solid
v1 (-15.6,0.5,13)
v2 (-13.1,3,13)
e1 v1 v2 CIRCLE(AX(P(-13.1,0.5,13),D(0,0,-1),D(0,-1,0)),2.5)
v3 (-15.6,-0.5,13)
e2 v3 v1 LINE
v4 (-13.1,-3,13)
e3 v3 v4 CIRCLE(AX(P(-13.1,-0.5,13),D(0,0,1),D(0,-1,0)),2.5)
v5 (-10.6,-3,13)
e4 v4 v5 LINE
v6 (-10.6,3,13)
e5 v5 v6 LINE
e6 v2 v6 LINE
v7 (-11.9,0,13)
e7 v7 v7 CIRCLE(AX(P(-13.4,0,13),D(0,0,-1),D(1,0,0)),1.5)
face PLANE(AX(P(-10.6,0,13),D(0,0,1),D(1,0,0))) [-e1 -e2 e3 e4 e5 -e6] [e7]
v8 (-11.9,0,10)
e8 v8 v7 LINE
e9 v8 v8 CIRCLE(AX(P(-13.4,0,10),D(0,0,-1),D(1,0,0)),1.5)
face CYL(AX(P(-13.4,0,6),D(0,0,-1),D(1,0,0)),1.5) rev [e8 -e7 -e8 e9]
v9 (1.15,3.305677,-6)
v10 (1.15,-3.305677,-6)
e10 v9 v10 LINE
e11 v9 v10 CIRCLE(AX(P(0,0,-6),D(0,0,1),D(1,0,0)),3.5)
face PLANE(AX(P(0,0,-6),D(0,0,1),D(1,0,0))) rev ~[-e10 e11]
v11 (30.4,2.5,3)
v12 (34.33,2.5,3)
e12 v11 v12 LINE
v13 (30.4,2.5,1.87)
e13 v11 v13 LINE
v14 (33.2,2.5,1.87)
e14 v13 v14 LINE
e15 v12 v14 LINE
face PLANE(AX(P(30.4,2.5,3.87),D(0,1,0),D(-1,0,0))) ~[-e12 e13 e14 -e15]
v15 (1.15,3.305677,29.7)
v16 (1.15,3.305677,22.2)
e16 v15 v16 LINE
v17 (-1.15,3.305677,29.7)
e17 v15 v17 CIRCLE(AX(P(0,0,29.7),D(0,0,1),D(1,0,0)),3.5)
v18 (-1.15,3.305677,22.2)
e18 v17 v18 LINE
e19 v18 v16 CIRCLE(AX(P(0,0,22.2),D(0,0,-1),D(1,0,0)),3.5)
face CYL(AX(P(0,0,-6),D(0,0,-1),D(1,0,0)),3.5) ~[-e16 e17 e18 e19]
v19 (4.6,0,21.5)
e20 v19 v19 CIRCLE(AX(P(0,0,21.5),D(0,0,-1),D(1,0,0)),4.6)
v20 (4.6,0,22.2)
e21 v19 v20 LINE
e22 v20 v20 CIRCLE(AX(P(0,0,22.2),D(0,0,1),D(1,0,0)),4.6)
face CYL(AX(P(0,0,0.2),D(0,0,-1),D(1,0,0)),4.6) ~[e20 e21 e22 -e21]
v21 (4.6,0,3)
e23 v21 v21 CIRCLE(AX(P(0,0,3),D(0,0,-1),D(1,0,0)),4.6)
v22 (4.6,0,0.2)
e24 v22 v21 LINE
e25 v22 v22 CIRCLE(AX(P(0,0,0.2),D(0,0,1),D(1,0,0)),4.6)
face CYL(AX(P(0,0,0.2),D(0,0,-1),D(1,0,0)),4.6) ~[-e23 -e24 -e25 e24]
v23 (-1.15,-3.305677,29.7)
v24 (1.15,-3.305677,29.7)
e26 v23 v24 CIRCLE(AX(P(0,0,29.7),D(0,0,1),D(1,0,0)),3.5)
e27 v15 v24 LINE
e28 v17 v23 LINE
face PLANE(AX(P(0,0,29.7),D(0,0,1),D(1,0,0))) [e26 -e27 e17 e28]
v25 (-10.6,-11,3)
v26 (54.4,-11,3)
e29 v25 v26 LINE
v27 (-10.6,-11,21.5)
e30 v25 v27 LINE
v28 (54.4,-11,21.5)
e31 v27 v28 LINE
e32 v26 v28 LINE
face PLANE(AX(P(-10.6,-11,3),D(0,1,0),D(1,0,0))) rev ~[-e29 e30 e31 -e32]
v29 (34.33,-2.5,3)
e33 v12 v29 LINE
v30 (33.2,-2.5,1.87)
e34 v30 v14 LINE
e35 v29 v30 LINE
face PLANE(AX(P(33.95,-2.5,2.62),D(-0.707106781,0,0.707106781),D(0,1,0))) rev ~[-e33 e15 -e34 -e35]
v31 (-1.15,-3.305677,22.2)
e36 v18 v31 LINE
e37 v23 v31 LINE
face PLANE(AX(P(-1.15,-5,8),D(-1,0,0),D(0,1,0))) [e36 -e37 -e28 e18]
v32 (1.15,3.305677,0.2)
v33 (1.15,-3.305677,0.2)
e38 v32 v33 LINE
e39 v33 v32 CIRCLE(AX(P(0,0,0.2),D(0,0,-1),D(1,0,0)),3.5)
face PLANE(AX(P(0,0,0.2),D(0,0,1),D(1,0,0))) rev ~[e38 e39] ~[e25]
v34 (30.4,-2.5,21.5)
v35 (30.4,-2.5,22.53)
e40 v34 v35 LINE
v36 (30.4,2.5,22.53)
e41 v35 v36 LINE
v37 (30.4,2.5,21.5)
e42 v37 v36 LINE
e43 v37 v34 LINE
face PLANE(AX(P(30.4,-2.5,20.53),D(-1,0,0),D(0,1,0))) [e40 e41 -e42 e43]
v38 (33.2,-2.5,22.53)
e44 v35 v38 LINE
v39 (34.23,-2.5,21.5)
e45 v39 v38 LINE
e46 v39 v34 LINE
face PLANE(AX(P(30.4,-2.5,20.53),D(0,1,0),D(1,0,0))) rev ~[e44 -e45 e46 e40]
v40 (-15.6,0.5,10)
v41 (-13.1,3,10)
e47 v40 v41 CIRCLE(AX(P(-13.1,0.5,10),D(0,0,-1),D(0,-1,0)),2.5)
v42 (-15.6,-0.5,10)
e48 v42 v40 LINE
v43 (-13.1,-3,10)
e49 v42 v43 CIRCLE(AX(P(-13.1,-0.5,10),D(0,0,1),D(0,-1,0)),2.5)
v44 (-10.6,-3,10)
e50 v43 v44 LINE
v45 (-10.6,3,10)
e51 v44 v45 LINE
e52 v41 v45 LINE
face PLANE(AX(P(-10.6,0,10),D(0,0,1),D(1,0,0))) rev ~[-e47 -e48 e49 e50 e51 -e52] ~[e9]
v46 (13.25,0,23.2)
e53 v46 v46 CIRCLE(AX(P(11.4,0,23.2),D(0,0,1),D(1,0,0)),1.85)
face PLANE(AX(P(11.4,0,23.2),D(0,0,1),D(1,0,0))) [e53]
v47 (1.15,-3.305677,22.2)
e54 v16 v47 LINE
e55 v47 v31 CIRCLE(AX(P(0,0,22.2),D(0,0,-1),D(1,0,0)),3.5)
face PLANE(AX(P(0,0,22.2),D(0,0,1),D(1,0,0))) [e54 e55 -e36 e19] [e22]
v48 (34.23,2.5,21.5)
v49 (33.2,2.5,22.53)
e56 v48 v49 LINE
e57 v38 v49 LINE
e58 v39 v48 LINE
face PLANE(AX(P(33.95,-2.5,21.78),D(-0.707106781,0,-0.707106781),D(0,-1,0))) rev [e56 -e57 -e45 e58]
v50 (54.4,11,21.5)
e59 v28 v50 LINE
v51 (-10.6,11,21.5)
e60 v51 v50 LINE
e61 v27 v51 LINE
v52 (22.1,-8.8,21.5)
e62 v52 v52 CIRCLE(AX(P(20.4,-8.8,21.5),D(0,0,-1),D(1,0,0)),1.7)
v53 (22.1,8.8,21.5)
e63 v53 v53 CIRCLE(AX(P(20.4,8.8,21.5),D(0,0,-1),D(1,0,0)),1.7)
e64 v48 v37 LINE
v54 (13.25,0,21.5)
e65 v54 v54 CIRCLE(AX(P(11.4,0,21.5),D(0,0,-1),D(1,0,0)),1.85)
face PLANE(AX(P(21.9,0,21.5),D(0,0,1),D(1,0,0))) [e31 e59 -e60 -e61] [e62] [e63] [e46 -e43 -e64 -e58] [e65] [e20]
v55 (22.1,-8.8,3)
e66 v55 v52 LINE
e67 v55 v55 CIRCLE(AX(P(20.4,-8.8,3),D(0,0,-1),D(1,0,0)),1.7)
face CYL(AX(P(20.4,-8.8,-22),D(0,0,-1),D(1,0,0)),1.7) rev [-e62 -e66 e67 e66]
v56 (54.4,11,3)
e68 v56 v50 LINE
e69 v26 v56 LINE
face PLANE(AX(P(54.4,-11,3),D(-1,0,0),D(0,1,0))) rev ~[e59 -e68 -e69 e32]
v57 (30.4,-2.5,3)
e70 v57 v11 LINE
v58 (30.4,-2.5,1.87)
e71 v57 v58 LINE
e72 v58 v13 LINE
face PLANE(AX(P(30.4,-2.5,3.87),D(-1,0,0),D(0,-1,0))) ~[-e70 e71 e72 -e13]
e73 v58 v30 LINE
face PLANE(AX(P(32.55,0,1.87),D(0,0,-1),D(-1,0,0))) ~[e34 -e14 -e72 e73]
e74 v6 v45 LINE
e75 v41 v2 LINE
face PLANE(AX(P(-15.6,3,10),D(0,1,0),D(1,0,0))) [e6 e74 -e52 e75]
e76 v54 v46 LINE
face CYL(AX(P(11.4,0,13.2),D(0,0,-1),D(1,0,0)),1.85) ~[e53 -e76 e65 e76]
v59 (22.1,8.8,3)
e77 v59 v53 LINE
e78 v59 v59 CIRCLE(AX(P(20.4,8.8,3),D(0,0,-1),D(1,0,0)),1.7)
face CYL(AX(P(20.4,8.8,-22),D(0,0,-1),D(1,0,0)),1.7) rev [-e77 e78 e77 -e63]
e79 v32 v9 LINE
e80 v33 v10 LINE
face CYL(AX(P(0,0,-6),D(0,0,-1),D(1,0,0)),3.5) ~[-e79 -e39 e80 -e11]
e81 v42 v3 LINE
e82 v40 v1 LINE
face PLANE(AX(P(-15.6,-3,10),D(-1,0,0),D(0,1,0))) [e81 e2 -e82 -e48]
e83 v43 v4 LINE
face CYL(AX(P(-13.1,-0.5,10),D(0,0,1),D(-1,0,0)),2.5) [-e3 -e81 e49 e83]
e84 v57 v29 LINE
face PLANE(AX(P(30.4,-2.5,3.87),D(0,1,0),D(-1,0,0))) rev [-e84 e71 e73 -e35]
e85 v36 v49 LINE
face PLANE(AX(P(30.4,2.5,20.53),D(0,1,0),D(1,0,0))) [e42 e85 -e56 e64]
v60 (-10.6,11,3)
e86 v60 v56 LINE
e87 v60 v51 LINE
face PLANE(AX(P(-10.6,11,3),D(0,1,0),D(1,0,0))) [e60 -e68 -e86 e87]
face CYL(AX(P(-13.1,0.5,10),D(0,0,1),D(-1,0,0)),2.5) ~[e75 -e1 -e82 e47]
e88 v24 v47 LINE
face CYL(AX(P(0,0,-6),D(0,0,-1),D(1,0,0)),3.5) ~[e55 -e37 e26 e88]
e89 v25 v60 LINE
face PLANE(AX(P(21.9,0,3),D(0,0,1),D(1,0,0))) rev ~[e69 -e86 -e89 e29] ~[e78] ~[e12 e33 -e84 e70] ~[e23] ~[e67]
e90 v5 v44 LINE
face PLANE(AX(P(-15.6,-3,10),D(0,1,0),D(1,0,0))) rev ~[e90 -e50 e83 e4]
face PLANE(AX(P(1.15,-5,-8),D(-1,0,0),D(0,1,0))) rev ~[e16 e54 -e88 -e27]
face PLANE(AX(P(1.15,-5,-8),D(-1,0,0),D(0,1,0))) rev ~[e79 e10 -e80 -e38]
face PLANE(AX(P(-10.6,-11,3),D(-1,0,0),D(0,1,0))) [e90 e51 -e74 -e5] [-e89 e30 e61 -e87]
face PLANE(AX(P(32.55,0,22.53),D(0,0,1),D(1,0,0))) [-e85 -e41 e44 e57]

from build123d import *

# Parameters (mm, degrees)
BOX007_W          = 4.3
BOX007_H          = 5
BOX007_DEPTH      = 2
CHAMFER001_SIZE   = 1.5
BOX006_W          = 4.3
BOX006_H          = 5
BOX006_DEPTH      = 2
CHAMFER_SIZE      = 1.5
BOX003_W          = 10
BOX003_H          = 10
BOX003_DEPTH      = 40
BOX002_W          = 10
BOX002_H          = 10
BOX002_DEPTH      = 40
CYLINDER010_R     = 3.5
CYLINDER010_DEPTH = 35.7
CYLINDER008_R     = 4.6
CYLINDER008_DEPTH = 22
CYLINDER006_R     = 1.85
CYLINDER006_DEPTH = 10
CYLINDER003_R     = 1.7
CYLINDER003_DEPTH = 50
CYLINDER002_R     = 1.7
CYLINDER002_DEPTH = 50
CYLINDER_R        = 1.5
CYLINDER_DEPTH    = 10
BOX001_W          = 10
BOX001_H          = 6
BOX001_DEPTH      = 3
FILLET_R          = 2.5
FILLET001_R       = 2.5
BOX_W             = 65
BOX_H             = 22
BOX_DEPTH         = 18.5


with BuildPart() as chamfer001:
    # Box007 → Box007 (new body)
    with BuildSketch(Plane(origin=(41, -2.5, 17.53), x_dir=(1, 0, 0), z_dir=(0, 0, 1))):
        with Locations((2.15, 2.5)):
            Rectangle(BOX007_W, BOX007_H)
    extrude(amount=BOX007_DEPTH)

    # Chamfer001
    chamfer001_edges = [chamfer001.edges().sort_by_distance(p)[0] for p in [
        (45.3, 0, 19.53),
    ]]
    chamfer(chamfer001_edges, length=CHAMFER001_SIZE)


with BuildPart() as part_mirroring:
    # Part__Mirroring: instance of Chamfer001
    add(chamfer001.part.mirror(Plane(origin=(0, 0, 0), x_dir=(0, 1, 0), z_dir=(0, 0, 1))))


with BuildPart() as part_mirroring_1:
    # Part__Mirroring placement: moved
    add(part_mirroring.part.moved(Location((0, 0, 18.4))))


with BuildPart() as fusion004:
    # Box006 → Box006 (new body)
    with BuildSketch(Plane(origin=(41, -2.5, 17.53), x_dir=(1, 0, 0), z_dir=(0, 0, 1))):
        with Locations((2.15, 2.5)):
            Rectangle(BOX006_W, BOX006_H)
    extrude(amount=BOX006_DEPTH)

    # Chamfer
    chamfer_edges = [fusion004.edges().sort_by_distance(p)[0] for p in [
        (45.3, 0, 19.53),
    ]]
    chamfer(chamfer_edges, length=CHAMFER_SIZE)

    # Fusion004: union Part__Mirroring
    add(part_mirroring_1.part)


with BuildPart() as cube003:
    # Box003 → Box003 (new body)
    with BuildSketch(Plane(origin=(-0.55, -5, 5), x_dir=(1, 0, 0), z_dir=(0, 0, 1))):
        with Locations((5, 5)):
            Rectangle(BOX003_W, BOX003_H)
    extrude(amount=BOX003_DEPTH)


with BuildPart() as cube002:
    # Box002 → Box002 (new body)
    with BuildSketch(Plane(origin=(11.75, -5, -11), x_dir=(1, 0, 0), z_dir=(0, 0, 1))):
        with Locations((5, 5)):
            Rectangle(BOX002_W, BOX002_H)
    extrude(amount=BOX002_DEPTH)


with BuildPart() as cut004:
    # Cylinder010 → Cylinder010 (new body)
    with BuildSketch(Plane(origin=(10.6, 0, -9), x_dir=(1, 0, 0), z_dir=(0, 0, 1))):
        Circle(CYLINDER010_R)
    extrude(amount=CYLINDER010_DEPTH)

    # Cut003: cut Cube002
    add(cube002.part, mode=Mode.SUBTRACT)

    # Cut004: cut Cube003
    add(cube003.part, mode=Mode.SUBTRACT)


with BuildPart() as cylinder004:
    # Cylinder008 → Cylinder008 (new body)
    with BuildSketch(Plane(origin=(10.6, 0, -2.8), x_dir=(1, 0, 0), z_dir=(0, 0, 1))):
        Circle(CYLINDER008_R)
    extrude(amount=CYLINDER008_DEPTH)


with BuildPart() as cylinder003:
    # Cylinder006 → Cylinder006 (new body)
    with BuildSketch(Plane(origin=(22, 0, 10.2), x_dir=(1, 0, 0), z_dir=(0, 0, 1))):
        Circle(CYLINDER006_R)
    extrude(amount=CYLINDER006_DEPTH)


with BuildPart() as cylinder002:
    # Cylinder003 → Cylinder003 (new body)
    with BuildSketch(Plane(origin=(31, -8.8, -25), x_dir=(1, 0, 0), z_dir=(0, 0, 1))):
        Circle(CYLINDER003_R)
    extrude(amount=CYLINDER003_DEPTH)


with BuildPart() as cylinder001:
    # Cylinder002 → Cylinder002 (new body)
    with BuildSketch(Plane(origin=(31, 8.8, -25), x_dir=(1, 0, 0), z_dir=(0, 0, 1))):
        Circle(CYLINDER002_R)
    extrude(amount=CYLINDER002_DEPTH)


with BuildPart() as cylinder:
    # Cylinder → Cylinder (new body)
    with BuildSketch(Plane(origin=(-2.8, 0, 3), x_dir=(1, 0, 0), z_dir=(0, 0, 1))):
        Circle(CYLINDER_R)
    extrude(amount=CYLINDER_DEPTH)


with BuildPart() as fillet001:
    # Box001 → Box001 (new body)
    with BuildSketch(Plane(origin=(-5, -3, 7), x_dir=(1, 0, 0), z_dir=(0, 0, 1))):
        with Locations((5, 3)):
            Rectangle(BOX001_W, BOX001_H)
    extrude(amount=BOX001_DEPTH)

    # Cut: cut Cylinder
    add(cylinder.part, mode=Mode.SUBTRACT)

    # Fillet
    fillet_edges = [fillet001.edges().sort_by_distance(p)[0] for p in [
        (-5, -3, 8.5),
    ]]
    fillet(fillet_edges, radius=FILLET_R)

    # Fillet001
    fillet001_edges = [fillet001.edges().sort_by_distance(p)[0] for p in [
        (-5, 3, 8.5),
    ]]
    fillet(fillet001_edges, radius=FILLET001_R)


with BuildPart() as motor:
    # Box → Box (new body)
    with BuildSketch(Plane(origin=(0, -11, 0), x_dir=(1, 0, 0), z_dir=(0, 0, 1))):
        with Locations((32.5, 11)):
            Rectangle(BOX_W, BOX_H)
    extrude(amount=BOX_DEPTH)

    # Fusion: union Fillet001
    add(fillet001.part)

    # Cut001: cut Cylinder001
    add(cylinder001.part, mode=Mode.SUBTRACT)

    # Cut002: cut Cylinder002
    add(cylinder002.part, mode=Mode.SUBTRACT)

    # Fusion001: union Cylinder003
    add(cylinder003.part)

    # Fusion002: union Cylinder004
    add(cylinder004.part)

    # Fusion003: union Cut004
    add(cut004.part)

    # Fusion006: union Fusion004
    add(fusion004.part)


with BuildPart() as motor_1:
    # Fusion006 placement: moved
    add(motor.part.moved(Location((-10.6, 0, 3))))


solid = motor_1.part
